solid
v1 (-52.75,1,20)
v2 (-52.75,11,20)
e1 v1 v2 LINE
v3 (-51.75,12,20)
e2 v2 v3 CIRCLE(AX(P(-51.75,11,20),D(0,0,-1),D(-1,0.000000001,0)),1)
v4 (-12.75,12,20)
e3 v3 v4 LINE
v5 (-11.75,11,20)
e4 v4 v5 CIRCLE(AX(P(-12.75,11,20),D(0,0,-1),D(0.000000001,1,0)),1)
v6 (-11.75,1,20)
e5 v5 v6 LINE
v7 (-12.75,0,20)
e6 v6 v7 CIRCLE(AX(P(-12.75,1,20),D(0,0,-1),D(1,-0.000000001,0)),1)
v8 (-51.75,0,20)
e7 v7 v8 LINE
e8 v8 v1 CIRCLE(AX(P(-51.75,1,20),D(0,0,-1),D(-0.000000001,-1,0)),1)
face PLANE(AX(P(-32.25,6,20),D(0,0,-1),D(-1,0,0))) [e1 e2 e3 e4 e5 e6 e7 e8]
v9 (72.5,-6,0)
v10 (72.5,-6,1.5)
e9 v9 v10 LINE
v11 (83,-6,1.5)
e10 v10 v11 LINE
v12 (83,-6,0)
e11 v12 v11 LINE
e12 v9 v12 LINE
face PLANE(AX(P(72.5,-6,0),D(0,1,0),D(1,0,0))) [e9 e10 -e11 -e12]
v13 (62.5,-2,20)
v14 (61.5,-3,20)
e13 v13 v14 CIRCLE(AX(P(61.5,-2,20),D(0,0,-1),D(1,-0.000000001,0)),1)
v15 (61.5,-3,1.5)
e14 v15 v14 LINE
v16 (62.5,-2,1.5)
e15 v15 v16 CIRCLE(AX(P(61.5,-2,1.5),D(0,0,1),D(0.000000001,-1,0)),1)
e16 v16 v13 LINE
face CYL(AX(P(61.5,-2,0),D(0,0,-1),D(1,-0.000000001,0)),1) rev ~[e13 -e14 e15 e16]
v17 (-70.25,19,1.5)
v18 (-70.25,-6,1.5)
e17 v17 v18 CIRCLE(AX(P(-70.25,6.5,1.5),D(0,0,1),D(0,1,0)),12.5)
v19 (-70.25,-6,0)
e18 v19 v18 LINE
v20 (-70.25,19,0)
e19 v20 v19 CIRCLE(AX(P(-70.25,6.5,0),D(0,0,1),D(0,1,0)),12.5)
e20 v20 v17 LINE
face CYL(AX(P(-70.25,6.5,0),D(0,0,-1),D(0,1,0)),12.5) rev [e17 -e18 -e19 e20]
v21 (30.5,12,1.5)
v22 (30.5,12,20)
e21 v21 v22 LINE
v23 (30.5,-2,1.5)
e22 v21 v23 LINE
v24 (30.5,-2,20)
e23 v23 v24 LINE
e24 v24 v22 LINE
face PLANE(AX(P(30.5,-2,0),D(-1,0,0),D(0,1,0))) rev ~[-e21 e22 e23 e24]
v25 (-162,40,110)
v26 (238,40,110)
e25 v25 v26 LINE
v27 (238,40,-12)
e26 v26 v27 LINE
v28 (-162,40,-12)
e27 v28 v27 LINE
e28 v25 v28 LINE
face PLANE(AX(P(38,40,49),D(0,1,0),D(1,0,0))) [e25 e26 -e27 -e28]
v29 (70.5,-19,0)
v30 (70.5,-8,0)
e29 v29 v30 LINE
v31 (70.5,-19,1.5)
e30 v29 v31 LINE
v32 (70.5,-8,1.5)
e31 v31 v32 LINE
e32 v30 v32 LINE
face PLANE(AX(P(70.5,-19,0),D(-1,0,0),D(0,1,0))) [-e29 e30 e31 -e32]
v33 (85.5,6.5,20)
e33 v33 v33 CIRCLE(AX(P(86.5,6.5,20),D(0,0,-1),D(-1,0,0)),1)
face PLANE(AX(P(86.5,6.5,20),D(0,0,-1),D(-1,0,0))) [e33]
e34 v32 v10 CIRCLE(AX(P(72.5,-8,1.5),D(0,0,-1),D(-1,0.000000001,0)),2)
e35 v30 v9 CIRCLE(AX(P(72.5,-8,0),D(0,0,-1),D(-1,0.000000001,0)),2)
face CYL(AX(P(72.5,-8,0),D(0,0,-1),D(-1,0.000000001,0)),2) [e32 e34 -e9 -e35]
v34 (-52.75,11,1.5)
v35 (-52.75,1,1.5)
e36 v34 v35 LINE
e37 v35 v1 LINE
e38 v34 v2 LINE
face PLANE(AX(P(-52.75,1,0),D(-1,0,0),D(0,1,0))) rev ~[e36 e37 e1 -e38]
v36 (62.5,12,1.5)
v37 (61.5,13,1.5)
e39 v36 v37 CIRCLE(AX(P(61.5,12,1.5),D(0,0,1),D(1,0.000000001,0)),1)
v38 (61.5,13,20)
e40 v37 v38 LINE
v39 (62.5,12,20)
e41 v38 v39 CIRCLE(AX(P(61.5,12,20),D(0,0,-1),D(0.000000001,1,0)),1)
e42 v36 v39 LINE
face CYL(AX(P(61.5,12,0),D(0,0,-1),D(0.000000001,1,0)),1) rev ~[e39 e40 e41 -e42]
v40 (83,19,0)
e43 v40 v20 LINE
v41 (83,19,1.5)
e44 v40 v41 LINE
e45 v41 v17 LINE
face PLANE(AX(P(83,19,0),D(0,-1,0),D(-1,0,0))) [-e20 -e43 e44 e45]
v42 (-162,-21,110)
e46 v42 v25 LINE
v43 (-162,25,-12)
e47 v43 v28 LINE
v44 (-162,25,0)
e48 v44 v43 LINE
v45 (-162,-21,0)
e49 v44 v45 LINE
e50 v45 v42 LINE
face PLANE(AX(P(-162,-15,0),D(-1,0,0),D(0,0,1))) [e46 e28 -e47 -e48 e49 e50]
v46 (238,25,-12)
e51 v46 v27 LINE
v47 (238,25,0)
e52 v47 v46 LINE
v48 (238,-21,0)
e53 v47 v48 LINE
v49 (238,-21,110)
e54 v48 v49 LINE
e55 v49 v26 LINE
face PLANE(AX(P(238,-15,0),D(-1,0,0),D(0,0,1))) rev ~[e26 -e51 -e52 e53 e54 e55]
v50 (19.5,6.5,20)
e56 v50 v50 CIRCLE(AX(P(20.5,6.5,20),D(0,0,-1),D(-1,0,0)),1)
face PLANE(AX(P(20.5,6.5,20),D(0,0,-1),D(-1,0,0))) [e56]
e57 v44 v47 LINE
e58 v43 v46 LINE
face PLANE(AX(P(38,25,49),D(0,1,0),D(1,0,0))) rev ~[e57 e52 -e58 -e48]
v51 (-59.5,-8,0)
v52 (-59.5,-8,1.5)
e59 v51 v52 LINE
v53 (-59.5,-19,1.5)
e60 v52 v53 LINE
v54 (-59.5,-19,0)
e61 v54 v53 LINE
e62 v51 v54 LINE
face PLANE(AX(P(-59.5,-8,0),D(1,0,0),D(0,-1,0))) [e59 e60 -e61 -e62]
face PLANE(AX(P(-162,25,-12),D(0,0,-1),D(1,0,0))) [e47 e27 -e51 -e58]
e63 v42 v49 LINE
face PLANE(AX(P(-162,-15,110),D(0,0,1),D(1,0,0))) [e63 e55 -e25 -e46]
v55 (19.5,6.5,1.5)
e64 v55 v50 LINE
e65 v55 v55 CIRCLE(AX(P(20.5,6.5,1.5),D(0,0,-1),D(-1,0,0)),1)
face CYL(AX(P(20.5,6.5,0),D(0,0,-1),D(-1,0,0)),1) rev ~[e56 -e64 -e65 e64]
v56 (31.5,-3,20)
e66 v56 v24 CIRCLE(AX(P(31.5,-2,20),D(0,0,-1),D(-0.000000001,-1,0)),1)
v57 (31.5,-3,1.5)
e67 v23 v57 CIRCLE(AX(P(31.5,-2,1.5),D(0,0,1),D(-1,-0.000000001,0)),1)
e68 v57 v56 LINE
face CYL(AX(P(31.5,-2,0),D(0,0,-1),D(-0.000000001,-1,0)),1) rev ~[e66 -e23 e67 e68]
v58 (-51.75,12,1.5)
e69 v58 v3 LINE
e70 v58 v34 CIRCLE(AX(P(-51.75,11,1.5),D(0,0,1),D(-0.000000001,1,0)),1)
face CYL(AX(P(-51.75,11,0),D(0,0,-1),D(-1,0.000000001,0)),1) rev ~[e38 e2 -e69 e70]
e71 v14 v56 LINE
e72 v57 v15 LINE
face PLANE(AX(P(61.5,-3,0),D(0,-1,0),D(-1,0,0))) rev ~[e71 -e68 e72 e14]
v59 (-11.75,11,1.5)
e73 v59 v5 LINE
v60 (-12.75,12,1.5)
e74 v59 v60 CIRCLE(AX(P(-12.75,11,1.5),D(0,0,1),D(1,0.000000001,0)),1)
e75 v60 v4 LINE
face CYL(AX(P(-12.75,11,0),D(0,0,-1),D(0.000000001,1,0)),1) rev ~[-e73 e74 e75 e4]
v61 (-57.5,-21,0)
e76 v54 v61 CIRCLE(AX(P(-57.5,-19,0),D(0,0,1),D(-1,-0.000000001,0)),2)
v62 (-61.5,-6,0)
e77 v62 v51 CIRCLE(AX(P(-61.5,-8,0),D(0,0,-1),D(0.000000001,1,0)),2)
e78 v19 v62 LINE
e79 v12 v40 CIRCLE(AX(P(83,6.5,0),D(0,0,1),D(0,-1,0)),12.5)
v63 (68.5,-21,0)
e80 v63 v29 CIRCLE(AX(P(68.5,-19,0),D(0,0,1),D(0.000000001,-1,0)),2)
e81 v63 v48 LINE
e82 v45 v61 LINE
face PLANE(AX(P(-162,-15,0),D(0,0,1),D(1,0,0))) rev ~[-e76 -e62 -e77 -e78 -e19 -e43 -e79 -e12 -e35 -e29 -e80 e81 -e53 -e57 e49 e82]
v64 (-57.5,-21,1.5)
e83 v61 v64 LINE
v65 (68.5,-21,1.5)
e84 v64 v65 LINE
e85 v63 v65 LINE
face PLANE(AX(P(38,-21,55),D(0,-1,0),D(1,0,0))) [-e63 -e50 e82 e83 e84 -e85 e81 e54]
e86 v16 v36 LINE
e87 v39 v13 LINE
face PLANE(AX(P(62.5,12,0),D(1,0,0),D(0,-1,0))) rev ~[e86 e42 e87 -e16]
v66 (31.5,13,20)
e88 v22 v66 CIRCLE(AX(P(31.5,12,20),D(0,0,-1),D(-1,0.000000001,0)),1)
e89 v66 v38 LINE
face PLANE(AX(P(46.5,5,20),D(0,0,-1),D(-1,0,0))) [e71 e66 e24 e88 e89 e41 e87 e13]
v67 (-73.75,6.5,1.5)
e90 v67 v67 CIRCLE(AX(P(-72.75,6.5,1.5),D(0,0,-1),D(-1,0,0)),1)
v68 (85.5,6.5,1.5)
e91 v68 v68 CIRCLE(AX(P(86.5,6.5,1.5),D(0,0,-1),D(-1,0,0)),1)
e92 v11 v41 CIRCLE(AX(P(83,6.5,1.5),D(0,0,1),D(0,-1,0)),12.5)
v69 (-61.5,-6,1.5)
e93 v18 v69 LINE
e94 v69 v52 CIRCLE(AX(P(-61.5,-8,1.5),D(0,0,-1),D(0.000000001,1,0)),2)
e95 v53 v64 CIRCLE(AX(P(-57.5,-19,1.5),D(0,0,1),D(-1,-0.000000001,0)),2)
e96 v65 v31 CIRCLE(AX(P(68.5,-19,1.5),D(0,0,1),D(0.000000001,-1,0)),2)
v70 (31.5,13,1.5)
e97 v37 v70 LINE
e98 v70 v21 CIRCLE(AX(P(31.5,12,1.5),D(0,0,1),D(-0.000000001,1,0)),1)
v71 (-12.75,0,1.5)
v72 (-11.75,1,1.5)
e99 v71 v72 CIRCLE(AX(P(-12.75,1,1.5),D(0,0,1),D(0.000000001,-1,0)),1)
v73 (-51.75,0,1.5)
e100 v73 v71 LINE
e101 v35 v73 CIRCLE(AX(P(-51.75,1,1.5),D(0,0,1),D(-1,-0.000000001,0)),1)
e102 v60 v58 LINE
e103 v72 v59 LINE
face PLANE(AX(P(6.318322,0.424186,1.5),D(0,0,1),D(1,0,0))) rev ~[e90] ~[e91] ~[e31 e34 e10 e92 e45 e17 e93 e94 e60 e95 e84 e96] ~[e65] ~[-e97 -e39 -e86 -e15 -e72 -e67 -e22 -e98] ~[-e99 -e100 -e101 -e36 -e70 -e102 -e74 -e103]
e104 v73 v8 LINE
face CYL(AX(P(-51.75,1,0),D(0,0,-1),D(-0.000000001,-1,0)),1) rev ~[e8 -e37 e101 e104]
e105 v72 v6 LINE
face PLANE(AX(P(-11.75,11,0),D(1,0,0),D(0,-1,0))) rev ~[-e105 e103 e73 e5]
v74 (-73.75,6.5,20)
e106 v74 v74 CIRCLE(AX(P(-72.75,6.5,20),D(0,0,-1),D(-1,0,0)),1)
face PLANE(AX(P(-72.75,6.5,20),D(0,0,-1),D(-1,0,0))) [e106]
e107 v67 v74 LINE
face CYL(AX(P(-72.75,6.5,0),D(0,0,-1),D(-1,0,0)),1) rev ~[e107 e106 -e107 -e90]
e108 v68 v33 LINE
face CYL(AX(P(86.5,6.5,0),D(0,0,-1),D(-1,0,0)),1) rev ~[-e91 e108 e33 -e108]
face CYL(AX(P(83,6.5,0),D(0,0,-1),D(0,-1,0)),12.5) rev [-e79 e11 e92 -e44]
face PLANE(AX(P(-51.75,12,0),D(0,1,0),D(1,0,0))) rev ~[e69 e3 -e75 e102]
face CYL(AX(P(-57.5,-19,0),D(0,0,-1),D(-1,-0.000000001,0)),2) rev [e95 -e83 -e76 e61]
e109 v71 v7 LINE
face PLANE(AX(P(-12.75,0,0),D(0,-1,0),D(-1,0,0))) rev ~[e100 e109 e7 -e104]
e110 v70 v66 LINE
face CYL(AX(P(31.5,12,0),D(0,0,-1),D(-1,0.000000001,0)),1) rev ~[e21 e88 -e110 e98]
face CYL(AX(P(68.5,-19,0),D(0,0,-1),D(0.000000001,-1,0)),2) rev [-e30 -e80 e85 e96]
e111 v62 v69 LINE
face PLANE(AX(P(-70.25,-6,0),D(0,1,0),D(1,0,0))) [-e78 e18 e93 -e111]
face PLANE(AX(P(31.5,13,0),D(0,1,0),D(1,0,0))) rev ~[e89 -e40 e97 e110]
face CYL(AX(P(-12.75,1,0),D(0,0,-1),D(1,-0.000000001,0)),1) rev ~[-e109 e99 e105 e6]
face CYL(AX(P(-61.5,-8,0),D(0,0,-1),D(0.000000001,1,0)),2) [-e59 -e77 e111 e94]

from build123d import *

# Parameters (mm, degrees)
ESQUISSE3_W      = 400
ESQUISSE3_H      = 40
EXTRUSION1_DEPTH = 110
ESQUISSE8_W      = 400
ESQUISSE8_H      = 122
EXTRUSION3_DEPTH = 15
ESQUISSE11_W     = 400
ESQUISSE11_H     = 110
EXTRUSION5_DEPTH = 6
ESQUISSE10_R     = 1
EXTRUSION4_DEPTH = 1.5
ESQUISSE12_R     = 1
EXTRUSION6_DEPTH = 20


with BuildPart() as part:
    # Esquisse3 → Extrusion1 (new body)
    with BuildSketch(Plane.XY):
        with Locations((38, 5)):
            Rectangle(ESQUISSE3_W, ESQUISSE3_H)
    extrude(amount=EXTRUSION1_DEPTH)

    # Esquisse8 → Extrusion3 (add)
    with BuildSketch(Plane(origin=(0, 25, 0), x_dir=(1, 0, 0), z_dir=(0, 1, 0))):
        with Locations((38, -49)):
            Rectangle(ESQUISSE8_W, ESQUISSE8_H)
    extrude(amount=EXTRUSION3_DEPTH)

    # Esquisse11 → Extrusion5 (add)
    with BuildSketch(Plane.XZ.offset(15)):
        with Locations((38, 55)):
            Rectangle(ESQUISSE11_W, ESQUISSE11_H)
    extrude(amount=EXTRUSION5_DEPTH)

    # Esquisse10 → Extrusion4 (cut)
    with BuildSketch(Plane(origin=(0, 0, 0), x_dir=(-1, 0, 0), z_dir=(0, 0, -1))):
        with BuildLine():
            Line((59.5, -8), (59.5, -19))
            ThreePointArc((59.5, -19), (58.914213562, -20.414213562), (57.5, -21))
            Line((57.5, -21), (-68.5, -21))
            ThreePointArc((-68.5, -21), (-69.914213562, -20.414213562), (-70.5, -19))
            Line((-70.5, -19), (-70.5, -8))
            ThreePointArc((-70.5, -8), (-71.085786438, -6.585786438), (-72.5, -6))
            Line((-72.5, -6), (-83, -6))
            ThreePointArc((-83, -6), (-95.5, 6.5), (-83, 19))
            Line((-83, 19), (70.25, 19))
            ThreePointArc((70.25, 19), (82.75, 6.5), (70.25, -6))
            Line((70.25, -6), (61.5, -6))
            ThreePointArc((61.5, -6), (60.085786438, -6.585786438), (59.5, -8))
        make_face()
        with Locations((-86.5, 6.5)):
            Circle(ESQUISSE10_R, mode=Mode.SUBTRACT)
        with Locations((-20.5, 6.5)):
            Circle(ESQUISSE10_R, mode=Mode.SUBTRACT)
        with Locations((72.75, 6.5)):
            Circle(ESQUISSE10_R, mode=Mode.SUBTRACT)
        with BuildLine():
            Line((-31.5, -3), (-61.5, -3))
            ThreePointArc((-61.5, -3), (-62.207106781, -2.707106781), (-62.5, -2))
            Line((-62.5, -2), (-62.5, 12))
            ThreePointArc((-62.5, 12), (-62.207106781, 12.707106781), (-61.5, 13))
            Line((-61.5, 13), (-31.5, 13))
            ThreePointArc((-31.5, 13), (-30.792893219, 12.707106781), (-30.5, 12))
            Line((-30.5, 12), (-30.5, -2))
            ThreePointArc((-30.5, -2), (-30.792893219, -2.707106781), (-31.5, -3))
        make_face(mode=Mode.SUBTRACT)
        with BuildLine():
            Line((51.75, 0), (12.75, 0))
            ThreePointArc((12.75, 0), (12.042893219, 0.292893219), (11.75, 1))
            Line((11.75, 1), (11.75, 11))
            ThreePointArc((11.75, 11), (12.042893219, 11.707106781), (12.75, 12))
            Line((12.75, 12), (51.75, 12))
            ThreePointArc((51.75, 12), (52.457106781, 11.707106781), (52.75, 11))
            Line((52.75, 11), (52.75, 1))
            ThreePointArc((52.75, 1), (52.457106781, 0.292893219), (51.75, 0))
        make_face(mode=Mode.SUBTRACT)
    extrude(amount=-EXTRUSION4_DEPTH, mode=Mode.SUBTRACT)

    # Esquisse12 → Extrusion6 (cut)
    with BuildSketch(Plane(origin=(0, 0, 0), x_dir=(-1, 0, 0), z_dir=(0, 0, -1))):
        with Locations((-86.5, 6.5)):
            Circle(ESQUISSE12_R)
        with Locations((-20.5, 6.5)):
            Circle(ESQUISSE12_R)
        with Locations((72.75, 6.5)):
            Circle(ESQUISSE12_R)
        with BuildLine():
            Line((-30.5, -2), (-30.5, 12))
            ThreePointArc((-30.5, 12), (-30.792893219, 12.707106781), (-31.5, 13))
            Line((-31.5, 13), (-61.5, 13))
            ThreePointArc((-61.5, 13), (-62.207106781, 12.707106781), (-62.5, 12))
            Line((-62.5, 12), (-62.5, -2))
            ThreePointArc((-62.5, -2), (-62.207106781, -2.707106781), (-61.5, -3))
            Line((-61.5, -3), (-31.5, -3))
            ThreePointArc((-31.5, -3), (-30.792893219, -2.707106781), (-30.5, -2))
        make_face()
        with BuildLine():
            Line((52.75, 1), (52.75, 11))
            ThreePointArc((52.75, 11), (52.457106781, 11.707106781), (51.75, 12))
            Line((51.75, 12), (12.75, 12))
            ThreePointArc((12.75, 12), (12.042893219, 11.707106781), (11.75, 11))
            Line((11.75, 11), (11.75, 1))
            ThreePointArc((11.75, 1), (12.042893219, 0.292893219), (12.75, 0))
            Line((12.75, 0), (51.75, 0))
            ThreePointArc((51.75, 0), (52.457106781, 0.292893219), (52.75, 1))
        make_face()
    extrude(amount=-EXTRUSION6_DEPTH, mode=Mode.SUBTRACT)


solid = part.part
